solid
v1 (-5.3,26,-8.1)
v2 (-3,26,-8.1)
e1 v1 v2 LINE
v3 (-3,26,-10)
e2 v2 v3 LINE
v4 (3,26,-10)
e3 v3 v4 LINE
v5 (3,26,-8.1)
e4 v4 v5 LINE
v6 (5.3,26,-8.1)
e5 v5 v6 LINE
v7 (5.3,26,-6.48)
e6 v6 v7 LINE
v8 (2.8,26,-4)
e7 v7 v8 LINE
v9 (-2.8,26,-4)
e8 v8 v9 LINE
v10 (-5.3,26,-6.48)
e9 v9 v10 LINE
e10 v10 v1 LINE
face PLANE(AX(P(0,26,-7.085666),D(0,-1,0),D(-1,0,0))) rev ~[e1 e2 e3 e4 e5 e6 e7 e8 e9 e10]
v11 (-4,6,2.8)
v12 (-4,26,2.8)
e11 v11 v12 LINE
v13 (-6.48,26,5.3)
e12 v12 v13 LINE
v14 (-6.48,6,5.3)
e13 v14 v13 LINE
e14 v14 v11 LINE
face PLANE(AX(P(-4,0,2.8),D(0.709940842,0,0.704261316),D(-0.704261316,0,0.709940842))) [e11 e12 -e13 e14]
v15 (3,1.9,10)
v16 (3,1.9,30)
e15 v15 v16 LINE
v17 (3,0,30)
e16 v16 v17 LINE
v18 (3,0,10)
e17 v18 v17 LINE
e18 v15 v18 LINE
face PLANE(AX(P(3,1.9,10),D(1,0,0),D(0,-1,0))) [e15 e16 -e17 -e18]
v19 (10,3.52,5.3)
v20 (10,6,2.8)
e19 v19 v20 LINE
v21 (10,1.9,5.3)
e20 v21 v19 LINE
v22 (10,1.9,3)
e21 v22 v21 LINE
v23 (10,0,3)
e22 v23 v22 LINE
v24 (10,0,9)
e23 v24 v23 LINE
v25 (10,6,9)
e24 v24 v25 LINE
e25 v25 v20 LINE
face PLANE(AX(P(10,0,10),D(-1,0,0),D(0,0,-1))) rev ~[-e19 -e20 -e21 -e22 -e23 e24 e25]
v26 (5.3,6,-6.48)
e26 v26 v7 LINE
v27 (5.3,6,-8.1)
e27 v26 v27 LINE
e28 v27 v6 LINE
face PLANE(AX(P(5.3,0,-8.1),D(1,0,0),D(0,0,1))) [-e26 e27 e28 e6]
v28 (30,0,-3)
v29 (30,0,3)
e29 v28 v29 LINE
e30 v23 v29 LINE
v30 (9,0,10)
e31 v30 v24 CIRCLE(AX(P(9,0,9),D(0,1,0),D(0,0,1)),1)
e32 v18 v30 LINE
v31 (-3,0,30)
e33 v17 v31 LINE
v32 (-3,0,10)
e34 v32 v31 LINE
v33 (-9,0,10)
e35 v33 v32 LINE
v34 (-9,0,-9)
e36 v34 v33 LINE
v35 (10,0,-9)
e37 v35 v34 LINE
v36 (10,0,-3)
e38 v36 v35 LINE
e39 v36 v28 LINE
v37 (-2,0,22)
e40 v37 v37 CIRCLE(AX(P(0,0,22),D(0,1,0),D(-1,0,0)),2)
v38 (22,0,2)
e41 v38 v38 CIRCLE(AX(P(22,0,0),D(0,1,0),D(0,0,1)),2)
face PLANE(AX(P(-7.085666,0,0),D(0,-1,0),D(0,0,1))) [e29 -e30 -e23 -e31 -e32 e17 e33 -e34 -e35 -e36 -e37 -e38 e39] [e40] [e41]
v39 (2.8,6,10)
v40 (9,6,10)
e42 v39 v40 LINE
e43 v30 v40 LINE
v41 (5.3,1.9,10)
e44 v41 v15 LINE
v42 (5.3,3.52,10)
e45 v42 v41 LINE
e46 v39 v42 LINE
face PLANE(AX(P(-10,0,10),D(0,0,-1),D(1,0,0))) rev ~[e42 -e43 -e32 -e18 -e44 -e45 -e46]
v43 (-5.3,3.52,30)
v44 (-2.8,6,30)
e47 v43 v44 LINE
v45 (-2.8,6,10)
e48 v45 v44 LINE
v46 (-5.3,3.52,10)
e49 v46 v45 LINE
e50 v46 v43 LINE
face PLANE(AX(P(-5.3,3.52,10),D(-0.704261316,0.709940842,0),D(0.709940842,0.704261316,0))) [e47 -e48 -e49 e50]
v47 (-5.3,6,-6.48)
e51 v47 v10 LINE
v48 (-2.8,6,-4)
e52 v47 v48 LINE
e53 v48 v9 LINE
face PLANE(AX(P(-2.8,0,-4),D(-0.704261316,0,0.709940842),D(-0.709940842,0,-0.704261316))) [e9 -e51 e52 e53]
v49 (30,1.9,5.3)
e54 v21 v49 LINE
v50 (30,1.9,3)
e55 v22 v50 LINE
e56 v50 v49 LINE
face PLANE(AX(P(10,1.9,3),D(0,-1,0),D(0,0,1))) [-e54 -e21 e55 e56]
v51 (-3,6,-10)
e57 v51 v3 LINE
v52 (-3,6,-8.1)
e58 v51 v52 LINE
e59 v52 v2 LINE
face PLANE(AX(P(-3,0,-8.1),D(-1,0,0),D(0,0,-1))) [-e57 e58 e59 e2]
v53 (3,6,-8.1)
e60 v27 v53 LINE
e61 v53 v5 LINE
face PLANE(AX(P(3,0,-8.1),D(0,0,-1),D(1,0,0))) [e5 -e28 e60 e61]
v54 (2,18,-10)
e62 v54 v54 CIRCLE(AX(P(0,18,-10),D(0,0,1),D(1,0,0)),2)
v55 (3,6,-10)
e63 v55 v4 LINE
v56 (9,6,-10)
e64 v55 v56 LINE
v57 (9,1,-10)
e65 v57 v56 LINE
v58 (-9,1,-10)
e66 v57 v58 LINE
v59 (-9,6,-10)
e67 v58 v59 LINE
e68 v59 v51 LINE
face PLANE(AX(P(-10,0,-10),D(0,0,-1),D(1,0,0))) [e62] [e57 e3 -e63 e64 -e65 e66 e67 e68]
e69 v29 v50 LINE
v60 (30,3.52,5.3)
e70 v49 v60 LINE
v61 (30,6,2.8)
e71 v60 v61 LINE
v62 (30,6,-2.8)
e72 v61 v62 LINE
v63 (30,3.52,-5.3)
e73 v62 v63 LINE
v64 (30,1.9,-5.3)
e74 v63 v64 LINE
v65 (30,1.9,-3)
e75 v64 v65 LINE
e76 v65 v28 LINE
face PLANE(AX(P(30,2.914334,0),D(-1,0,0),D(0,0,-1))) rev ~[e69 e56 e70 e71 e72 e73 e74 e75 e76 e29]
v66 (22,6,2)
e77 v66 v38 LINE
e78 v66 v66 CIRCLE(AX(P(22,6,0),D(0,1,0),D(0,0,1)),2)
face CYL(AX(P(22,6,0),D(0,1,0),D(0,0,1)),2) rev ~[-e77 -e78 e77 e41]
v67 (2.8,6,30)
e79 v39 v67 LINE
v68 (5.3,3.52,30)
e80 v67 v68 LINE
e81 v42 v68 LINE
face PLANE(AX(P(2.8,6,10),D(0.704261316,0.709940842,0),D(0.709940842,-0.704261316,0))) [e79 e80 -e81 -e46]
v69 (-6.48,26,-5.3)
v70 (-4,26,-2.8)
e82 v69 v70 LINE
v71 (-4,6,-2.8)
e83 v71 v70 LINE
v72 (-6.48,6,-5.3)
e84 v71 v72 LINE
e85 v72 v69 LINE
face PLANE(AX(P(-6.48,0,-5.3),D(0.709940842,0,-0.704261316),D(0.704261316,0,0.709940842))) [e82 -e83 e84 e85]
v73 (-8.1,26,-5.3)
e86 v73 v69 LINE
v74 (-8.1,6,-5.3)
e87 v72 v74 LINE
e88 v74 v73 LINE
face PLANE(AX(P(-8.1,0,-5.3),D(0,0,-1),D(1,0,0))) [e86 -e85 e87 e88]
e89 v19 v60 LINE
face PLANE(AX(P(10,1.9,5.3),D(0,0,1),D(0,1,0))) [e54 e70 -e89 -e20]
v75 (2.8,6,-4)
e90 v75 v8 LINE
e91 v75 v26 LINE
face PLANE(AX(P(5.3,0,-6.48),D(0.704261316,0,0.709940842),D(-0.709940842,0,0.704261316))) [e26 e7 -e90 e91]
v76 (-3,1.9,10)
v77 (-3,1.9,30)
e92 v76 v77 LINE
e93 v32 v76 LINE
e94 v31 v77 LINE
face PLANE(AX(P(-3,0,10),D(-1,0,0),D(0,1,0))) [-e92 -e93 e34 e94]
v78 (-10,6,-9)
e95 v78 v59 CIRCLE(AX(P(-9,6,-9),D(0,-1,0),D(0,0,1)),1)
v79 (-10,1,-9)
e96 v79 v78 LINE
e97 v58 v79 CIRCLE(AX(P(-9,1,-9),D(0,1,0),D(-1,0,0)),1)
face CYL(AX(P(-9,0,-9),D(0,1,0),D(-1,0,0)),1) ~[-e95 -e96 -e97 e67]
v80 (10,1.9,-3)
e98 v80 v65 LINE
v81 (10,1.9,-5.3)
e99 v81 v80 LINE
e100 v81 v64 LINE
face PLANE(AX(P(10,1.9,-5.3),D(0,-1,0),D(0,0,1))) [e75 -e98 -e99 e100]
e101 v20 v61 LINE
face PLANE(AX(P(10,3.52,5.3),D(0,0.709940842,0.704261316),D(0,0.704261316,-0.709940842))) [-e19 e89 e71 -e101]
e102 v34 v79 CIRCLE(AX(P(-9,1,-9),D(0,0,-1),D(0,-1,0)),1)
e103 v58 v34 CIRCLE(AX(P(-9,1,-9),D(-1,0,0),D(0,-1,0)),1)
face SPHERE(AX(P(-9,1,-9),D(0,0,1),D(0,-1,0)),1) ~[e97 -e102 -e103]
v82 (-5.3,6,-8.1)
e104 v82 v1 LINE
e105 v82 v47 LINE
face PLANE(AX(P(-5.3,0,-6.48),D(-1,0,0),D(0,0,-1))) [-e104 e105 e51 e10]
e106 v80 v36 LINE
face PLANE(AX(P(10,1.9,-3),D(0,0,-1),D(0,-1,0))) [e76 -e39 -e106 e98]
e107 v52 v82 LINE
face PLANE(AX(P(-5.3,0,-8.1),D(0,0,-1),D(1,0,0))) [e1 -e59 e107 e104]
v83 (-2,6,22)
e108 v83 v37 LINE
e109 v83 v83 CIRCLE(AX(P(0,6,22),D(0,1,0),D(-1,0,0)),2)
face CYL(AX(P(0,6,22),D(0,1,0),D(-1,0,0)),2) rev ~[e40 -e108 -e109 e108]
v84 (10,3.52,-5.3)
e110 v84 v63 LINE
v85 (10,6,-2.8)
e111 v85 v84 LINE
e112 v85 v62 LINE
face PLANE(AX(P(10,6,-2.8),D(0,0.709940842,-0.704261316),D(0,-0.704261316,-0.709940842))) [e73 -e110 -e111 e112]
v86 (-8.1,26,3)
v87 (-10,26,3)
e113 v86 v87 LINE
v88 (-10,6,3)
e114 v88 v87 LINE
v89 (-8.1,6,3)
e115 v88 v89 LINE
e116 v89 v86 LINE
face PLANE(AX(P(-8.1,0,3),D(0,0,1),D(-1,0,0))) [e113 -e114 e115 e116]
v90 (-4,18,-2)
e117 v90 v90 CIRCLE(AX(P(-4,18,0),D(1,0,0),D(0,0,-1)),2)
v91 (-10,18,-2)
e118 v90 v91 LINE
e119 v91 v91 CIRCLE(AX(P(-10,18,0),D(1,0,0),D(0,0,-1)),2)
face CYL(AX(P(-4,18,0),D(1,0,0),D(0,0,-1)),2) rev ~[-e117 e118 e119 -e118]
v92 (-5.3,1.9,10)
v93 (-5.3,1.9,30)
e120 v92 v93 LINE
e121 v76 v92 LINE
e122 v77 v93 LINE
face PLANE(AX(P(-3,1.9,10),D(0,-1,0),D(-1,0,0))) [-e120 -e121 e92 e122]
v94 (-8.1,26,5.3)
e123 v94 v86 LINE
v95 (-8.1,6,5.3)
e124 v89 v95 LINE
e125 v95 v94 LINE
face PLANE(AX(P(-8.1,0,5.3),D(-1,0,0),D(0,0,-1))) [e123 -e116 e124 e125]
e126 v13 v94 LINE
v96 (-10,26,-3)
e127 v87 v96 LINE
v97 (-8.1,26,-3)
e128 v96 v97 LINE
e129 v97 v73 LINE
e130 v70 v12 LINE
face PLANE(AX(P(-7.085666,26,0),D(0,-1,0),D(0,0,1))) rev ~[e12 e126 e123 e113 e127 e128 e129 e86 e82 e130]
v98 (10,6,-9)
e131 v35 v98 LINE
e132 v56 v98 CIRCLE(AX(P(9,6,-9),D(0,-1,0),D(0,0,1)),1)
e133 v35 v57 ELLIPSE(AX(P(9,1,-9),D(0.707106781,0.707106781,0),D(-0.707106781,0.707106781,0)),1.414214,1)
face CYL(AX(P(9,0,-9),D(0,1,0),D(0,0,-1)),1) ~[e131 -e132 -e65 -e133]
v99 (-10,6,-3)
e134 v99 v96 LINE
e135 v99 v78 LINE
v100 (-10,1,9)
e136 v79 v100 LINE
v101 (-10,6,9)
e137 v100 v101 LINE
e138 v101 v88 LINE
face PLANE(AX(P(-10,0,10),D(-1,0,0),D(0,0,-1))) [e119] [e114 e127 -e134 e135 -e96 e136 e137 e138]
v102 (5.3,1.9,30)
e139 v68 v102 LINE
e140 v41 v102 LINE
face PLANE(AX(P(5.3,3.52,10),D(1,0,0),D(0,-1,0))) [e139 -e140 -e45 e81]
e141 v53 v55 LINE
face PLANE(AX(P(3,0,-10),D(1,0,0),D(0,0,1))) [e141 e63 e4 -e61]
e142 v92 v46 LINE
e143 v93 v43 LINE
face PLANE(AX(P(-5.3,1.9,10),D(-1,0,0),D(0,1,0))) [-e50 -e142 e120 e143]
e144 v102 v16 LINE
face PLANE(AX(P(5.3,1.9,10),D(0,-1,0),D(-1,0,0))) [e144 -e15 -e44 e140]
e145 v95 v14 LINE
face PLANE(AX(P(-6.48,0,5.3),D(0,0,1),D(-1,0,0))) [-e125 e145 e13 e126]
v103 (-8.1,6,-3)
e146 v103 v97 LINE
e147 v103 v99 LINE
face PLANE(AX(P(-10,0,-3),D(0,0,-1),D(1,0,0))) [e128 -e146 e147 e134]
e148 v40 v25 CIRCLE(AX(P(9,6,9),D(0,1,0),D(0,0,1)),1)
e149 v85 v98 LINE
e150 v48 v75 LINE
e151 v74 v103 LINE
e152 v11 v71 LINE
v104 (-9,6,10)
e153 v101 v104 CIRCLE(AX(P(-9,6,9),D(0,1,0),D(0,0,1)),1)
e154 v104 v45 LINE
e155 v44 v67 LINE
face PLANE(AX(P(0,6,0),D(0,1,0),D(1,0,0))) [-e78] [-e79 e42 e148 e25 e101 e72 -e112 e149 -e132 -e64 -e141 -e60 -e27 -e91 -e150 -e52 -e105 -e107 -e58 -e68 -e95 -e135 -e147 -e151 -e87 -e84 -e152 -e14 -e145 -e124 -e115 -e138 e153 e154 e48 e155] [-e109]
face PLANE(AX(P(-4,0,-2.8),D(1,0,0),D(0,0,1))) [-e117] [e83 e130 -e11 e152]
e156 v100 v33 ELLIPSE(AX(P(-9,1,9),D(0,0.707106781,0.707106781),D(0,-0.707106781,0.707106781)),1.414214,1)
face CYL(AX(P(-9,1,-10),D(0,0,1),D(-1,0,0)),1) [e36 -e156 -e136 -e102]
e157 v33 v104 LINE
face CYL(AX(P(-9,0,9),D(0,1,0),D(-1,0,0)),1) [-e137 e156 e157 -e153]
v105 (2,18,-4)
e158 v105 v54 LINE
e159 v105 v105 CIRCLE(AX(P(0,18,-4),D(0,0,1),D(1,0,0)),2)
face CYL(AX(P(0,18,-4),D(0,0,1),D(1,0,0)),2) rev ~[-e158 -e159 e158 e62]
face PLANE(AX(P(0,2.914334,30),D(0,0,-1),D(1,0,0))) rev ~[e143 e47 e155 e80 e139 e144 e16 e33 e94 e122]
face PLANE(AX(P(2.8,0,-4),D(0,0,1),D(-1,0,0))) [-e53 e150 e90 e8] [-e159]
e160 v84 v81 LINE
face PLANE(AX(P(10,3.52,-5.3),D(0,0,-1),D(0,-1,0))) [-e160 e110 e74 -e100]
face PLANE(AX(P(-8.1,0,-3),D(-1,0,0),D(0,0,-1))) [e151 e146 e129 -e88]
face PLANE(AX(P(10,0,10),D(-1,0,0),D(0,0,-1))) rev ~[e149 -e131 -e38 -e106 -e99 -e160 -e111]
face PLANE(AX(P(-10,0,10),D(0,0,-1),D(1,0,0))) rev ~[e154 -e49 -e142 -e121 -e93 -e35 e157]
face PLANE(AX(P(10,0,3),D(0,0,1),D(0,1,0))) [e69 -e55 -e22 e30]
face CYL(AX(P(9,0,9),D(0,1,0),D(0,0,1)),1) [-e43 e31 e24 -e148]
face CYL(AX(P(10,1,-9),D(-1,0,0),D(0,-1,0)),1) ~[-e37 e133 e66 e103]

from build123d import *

# Parameters (mm, degrees)
SKETCH1_W           = 20
SKETCH1_H           = 20
BOSS_EXTRUDE1_DEPTH = 6
BOSS_EXTRUDE2_DEPTH = 26
SKETCH5_R           = 2
CUT_EXTRUDE1_DEPTH  = 32.176914536
CIRPATTERN1_COUNT   = 2
CIRPATTERN1_ANGLE   = 90
BOSS_EXTRUDE3_DEPTH = 20
SKETCH6_R           = 2
CUT_EXTRUDE2_DEPTH  = 38.416573868
CIRPATTERN2_COUNT   = 2
CIRPATTERN2_ANGLE   = 90
FILLET1_R           = 1


with BuildPart() as part:
    # Sketch1 → Boss-Extrude1 (new body)
    with BuildSketch(Plane(origin=(0, 0, 0), x_dir=(1, 0, 0), z_dir=(0, 1, 0))):
        Rectangle(SKETCH1_W, SKETCH1_H)
    extrude(amount=BOSS_EXTRUDE1_DEPTH)

    # Sketch2 → Boss-Extrude2 (add)
    with BuildSketch(Plane(origin=(0, 0, 0), x_dir=(1, 0, 0), z_dir=(0, 1, 0))):
        Polygon((-3, 10), (3, 10), (3, 8.1), (5.3, 8.1), (5.3, 6.48), (2.8, 4), (-2.8, 4), (-5.3, 6.48), (-5.3, 8.1), (-3, 8.1), align=None)
    boss_extrude2 = extrude(amount=BOSS_EXTRUDE2_DEPTH)

    # Sketch5 → Cut-Extrude1 (cut, through all)
    with BuildSketch(Plane.XY.offset(-4)):
        with Locations((0, 18)):
            Circle(SKETCH5_R)
    cut_extrude1 = extrude(amount=-CUT_EXTRUDE1_DEPTH, mode=Mode.SUBTRACT)

    # CirPattern1: Boss-Extrude2, Cut-Extrude1 ×2 about axis
    cirpattern1_axis = Axis((0, 0, 0), (0, 1, 0))
    add([boss_extrude2.rotate(cirpattern1_axis, i * CIRPATTERN1_ANGLE / (CIRPATTERN1_COUNT - 1)) for i in range(1, CIRPATTERN1_COUNT)])
    add([cut_extrude1.rotate(cirpattern1_axis, i * CIRPATTERN1_ANGLE / (CIRPATTERN1_COUNT - 1)) for i in range(1, CIRPATTERN1_COUNT)], mode=Mode.SUBTRACT)

    # Sketch4 → Boss-Extrude3 (add)
    with BuildSketch(Plane(origin=(10, 6.045130441, 0.430052004), x_dir=(0, 0, 1), z_dir=(1, 0, 0))):
        Polygon((-3.430052004, 6.045130441), (2.569947996, 6.045130441), (2.569947996, 4.145130441), (4.869947996, 4.145130441), (4.869947996, 2.525130441), (2.369947996, 0.045130441), (-3.230052004, 0.045130441), (-5.730052004, 2.525130441), (-5.730052004, 4.145130441), (-3.430052004, 4.145130441), align=None)
    boss_extrude3 = extrude(amount=BOSS_EXTRUDE3_DEPTH)

    # Sketch6 → Cut-Extrude2 (cut, through all)
    with BuildSketch(Plane(origin=(0, 6, 0), x_dir=(1, 0, 0), z_dir=(0, 1, 0))):
        with Locations(Location((22, 0, 0), (0, 0, 270))):
            Circle(SKETCH6_R)
    cut_extrude2 = extrude(amount=-CUT_EXTRUDE2_DEPTH, mode=Mode.SUBTRACT)

    # CirPattern2: Boss-Extrude3, Cut-Extrude2 ×2 about axis
    cirpattern2_axis = Axis((0, 0, 0), (0, -1, 0))
    add([boss_extrude3.rotate(cirpattern2_axis, i * CIRPATTERN2_ANGLE / (CIRPATTERN2_COUNT - 1)) for i in range(1, CIRPATTERN2_COUNT)])
    add([cut_extrude2.rotate(cirpattern2_axis, i * CIRPATTERN2_ANGLE / (CIRPATTERN2_COUNT - 1)) for i in range(1, CIRPATTERN2_COUNT)], mode=Mode.SUBTRACT)

    # Fillet1
    fillet1_edges = [part.edges().sort_by_distance(p)[0] for p in [
        (-10, 0, 0),
        (0, 0, -10),
        (10, 3, -10),
        (10, 3, 10),
        (-10, 3, 10),
        (-10, 3, -10),
    ]]
    fillet(fillet1_edges, radius=FILLET1_R)


solid = part.part
